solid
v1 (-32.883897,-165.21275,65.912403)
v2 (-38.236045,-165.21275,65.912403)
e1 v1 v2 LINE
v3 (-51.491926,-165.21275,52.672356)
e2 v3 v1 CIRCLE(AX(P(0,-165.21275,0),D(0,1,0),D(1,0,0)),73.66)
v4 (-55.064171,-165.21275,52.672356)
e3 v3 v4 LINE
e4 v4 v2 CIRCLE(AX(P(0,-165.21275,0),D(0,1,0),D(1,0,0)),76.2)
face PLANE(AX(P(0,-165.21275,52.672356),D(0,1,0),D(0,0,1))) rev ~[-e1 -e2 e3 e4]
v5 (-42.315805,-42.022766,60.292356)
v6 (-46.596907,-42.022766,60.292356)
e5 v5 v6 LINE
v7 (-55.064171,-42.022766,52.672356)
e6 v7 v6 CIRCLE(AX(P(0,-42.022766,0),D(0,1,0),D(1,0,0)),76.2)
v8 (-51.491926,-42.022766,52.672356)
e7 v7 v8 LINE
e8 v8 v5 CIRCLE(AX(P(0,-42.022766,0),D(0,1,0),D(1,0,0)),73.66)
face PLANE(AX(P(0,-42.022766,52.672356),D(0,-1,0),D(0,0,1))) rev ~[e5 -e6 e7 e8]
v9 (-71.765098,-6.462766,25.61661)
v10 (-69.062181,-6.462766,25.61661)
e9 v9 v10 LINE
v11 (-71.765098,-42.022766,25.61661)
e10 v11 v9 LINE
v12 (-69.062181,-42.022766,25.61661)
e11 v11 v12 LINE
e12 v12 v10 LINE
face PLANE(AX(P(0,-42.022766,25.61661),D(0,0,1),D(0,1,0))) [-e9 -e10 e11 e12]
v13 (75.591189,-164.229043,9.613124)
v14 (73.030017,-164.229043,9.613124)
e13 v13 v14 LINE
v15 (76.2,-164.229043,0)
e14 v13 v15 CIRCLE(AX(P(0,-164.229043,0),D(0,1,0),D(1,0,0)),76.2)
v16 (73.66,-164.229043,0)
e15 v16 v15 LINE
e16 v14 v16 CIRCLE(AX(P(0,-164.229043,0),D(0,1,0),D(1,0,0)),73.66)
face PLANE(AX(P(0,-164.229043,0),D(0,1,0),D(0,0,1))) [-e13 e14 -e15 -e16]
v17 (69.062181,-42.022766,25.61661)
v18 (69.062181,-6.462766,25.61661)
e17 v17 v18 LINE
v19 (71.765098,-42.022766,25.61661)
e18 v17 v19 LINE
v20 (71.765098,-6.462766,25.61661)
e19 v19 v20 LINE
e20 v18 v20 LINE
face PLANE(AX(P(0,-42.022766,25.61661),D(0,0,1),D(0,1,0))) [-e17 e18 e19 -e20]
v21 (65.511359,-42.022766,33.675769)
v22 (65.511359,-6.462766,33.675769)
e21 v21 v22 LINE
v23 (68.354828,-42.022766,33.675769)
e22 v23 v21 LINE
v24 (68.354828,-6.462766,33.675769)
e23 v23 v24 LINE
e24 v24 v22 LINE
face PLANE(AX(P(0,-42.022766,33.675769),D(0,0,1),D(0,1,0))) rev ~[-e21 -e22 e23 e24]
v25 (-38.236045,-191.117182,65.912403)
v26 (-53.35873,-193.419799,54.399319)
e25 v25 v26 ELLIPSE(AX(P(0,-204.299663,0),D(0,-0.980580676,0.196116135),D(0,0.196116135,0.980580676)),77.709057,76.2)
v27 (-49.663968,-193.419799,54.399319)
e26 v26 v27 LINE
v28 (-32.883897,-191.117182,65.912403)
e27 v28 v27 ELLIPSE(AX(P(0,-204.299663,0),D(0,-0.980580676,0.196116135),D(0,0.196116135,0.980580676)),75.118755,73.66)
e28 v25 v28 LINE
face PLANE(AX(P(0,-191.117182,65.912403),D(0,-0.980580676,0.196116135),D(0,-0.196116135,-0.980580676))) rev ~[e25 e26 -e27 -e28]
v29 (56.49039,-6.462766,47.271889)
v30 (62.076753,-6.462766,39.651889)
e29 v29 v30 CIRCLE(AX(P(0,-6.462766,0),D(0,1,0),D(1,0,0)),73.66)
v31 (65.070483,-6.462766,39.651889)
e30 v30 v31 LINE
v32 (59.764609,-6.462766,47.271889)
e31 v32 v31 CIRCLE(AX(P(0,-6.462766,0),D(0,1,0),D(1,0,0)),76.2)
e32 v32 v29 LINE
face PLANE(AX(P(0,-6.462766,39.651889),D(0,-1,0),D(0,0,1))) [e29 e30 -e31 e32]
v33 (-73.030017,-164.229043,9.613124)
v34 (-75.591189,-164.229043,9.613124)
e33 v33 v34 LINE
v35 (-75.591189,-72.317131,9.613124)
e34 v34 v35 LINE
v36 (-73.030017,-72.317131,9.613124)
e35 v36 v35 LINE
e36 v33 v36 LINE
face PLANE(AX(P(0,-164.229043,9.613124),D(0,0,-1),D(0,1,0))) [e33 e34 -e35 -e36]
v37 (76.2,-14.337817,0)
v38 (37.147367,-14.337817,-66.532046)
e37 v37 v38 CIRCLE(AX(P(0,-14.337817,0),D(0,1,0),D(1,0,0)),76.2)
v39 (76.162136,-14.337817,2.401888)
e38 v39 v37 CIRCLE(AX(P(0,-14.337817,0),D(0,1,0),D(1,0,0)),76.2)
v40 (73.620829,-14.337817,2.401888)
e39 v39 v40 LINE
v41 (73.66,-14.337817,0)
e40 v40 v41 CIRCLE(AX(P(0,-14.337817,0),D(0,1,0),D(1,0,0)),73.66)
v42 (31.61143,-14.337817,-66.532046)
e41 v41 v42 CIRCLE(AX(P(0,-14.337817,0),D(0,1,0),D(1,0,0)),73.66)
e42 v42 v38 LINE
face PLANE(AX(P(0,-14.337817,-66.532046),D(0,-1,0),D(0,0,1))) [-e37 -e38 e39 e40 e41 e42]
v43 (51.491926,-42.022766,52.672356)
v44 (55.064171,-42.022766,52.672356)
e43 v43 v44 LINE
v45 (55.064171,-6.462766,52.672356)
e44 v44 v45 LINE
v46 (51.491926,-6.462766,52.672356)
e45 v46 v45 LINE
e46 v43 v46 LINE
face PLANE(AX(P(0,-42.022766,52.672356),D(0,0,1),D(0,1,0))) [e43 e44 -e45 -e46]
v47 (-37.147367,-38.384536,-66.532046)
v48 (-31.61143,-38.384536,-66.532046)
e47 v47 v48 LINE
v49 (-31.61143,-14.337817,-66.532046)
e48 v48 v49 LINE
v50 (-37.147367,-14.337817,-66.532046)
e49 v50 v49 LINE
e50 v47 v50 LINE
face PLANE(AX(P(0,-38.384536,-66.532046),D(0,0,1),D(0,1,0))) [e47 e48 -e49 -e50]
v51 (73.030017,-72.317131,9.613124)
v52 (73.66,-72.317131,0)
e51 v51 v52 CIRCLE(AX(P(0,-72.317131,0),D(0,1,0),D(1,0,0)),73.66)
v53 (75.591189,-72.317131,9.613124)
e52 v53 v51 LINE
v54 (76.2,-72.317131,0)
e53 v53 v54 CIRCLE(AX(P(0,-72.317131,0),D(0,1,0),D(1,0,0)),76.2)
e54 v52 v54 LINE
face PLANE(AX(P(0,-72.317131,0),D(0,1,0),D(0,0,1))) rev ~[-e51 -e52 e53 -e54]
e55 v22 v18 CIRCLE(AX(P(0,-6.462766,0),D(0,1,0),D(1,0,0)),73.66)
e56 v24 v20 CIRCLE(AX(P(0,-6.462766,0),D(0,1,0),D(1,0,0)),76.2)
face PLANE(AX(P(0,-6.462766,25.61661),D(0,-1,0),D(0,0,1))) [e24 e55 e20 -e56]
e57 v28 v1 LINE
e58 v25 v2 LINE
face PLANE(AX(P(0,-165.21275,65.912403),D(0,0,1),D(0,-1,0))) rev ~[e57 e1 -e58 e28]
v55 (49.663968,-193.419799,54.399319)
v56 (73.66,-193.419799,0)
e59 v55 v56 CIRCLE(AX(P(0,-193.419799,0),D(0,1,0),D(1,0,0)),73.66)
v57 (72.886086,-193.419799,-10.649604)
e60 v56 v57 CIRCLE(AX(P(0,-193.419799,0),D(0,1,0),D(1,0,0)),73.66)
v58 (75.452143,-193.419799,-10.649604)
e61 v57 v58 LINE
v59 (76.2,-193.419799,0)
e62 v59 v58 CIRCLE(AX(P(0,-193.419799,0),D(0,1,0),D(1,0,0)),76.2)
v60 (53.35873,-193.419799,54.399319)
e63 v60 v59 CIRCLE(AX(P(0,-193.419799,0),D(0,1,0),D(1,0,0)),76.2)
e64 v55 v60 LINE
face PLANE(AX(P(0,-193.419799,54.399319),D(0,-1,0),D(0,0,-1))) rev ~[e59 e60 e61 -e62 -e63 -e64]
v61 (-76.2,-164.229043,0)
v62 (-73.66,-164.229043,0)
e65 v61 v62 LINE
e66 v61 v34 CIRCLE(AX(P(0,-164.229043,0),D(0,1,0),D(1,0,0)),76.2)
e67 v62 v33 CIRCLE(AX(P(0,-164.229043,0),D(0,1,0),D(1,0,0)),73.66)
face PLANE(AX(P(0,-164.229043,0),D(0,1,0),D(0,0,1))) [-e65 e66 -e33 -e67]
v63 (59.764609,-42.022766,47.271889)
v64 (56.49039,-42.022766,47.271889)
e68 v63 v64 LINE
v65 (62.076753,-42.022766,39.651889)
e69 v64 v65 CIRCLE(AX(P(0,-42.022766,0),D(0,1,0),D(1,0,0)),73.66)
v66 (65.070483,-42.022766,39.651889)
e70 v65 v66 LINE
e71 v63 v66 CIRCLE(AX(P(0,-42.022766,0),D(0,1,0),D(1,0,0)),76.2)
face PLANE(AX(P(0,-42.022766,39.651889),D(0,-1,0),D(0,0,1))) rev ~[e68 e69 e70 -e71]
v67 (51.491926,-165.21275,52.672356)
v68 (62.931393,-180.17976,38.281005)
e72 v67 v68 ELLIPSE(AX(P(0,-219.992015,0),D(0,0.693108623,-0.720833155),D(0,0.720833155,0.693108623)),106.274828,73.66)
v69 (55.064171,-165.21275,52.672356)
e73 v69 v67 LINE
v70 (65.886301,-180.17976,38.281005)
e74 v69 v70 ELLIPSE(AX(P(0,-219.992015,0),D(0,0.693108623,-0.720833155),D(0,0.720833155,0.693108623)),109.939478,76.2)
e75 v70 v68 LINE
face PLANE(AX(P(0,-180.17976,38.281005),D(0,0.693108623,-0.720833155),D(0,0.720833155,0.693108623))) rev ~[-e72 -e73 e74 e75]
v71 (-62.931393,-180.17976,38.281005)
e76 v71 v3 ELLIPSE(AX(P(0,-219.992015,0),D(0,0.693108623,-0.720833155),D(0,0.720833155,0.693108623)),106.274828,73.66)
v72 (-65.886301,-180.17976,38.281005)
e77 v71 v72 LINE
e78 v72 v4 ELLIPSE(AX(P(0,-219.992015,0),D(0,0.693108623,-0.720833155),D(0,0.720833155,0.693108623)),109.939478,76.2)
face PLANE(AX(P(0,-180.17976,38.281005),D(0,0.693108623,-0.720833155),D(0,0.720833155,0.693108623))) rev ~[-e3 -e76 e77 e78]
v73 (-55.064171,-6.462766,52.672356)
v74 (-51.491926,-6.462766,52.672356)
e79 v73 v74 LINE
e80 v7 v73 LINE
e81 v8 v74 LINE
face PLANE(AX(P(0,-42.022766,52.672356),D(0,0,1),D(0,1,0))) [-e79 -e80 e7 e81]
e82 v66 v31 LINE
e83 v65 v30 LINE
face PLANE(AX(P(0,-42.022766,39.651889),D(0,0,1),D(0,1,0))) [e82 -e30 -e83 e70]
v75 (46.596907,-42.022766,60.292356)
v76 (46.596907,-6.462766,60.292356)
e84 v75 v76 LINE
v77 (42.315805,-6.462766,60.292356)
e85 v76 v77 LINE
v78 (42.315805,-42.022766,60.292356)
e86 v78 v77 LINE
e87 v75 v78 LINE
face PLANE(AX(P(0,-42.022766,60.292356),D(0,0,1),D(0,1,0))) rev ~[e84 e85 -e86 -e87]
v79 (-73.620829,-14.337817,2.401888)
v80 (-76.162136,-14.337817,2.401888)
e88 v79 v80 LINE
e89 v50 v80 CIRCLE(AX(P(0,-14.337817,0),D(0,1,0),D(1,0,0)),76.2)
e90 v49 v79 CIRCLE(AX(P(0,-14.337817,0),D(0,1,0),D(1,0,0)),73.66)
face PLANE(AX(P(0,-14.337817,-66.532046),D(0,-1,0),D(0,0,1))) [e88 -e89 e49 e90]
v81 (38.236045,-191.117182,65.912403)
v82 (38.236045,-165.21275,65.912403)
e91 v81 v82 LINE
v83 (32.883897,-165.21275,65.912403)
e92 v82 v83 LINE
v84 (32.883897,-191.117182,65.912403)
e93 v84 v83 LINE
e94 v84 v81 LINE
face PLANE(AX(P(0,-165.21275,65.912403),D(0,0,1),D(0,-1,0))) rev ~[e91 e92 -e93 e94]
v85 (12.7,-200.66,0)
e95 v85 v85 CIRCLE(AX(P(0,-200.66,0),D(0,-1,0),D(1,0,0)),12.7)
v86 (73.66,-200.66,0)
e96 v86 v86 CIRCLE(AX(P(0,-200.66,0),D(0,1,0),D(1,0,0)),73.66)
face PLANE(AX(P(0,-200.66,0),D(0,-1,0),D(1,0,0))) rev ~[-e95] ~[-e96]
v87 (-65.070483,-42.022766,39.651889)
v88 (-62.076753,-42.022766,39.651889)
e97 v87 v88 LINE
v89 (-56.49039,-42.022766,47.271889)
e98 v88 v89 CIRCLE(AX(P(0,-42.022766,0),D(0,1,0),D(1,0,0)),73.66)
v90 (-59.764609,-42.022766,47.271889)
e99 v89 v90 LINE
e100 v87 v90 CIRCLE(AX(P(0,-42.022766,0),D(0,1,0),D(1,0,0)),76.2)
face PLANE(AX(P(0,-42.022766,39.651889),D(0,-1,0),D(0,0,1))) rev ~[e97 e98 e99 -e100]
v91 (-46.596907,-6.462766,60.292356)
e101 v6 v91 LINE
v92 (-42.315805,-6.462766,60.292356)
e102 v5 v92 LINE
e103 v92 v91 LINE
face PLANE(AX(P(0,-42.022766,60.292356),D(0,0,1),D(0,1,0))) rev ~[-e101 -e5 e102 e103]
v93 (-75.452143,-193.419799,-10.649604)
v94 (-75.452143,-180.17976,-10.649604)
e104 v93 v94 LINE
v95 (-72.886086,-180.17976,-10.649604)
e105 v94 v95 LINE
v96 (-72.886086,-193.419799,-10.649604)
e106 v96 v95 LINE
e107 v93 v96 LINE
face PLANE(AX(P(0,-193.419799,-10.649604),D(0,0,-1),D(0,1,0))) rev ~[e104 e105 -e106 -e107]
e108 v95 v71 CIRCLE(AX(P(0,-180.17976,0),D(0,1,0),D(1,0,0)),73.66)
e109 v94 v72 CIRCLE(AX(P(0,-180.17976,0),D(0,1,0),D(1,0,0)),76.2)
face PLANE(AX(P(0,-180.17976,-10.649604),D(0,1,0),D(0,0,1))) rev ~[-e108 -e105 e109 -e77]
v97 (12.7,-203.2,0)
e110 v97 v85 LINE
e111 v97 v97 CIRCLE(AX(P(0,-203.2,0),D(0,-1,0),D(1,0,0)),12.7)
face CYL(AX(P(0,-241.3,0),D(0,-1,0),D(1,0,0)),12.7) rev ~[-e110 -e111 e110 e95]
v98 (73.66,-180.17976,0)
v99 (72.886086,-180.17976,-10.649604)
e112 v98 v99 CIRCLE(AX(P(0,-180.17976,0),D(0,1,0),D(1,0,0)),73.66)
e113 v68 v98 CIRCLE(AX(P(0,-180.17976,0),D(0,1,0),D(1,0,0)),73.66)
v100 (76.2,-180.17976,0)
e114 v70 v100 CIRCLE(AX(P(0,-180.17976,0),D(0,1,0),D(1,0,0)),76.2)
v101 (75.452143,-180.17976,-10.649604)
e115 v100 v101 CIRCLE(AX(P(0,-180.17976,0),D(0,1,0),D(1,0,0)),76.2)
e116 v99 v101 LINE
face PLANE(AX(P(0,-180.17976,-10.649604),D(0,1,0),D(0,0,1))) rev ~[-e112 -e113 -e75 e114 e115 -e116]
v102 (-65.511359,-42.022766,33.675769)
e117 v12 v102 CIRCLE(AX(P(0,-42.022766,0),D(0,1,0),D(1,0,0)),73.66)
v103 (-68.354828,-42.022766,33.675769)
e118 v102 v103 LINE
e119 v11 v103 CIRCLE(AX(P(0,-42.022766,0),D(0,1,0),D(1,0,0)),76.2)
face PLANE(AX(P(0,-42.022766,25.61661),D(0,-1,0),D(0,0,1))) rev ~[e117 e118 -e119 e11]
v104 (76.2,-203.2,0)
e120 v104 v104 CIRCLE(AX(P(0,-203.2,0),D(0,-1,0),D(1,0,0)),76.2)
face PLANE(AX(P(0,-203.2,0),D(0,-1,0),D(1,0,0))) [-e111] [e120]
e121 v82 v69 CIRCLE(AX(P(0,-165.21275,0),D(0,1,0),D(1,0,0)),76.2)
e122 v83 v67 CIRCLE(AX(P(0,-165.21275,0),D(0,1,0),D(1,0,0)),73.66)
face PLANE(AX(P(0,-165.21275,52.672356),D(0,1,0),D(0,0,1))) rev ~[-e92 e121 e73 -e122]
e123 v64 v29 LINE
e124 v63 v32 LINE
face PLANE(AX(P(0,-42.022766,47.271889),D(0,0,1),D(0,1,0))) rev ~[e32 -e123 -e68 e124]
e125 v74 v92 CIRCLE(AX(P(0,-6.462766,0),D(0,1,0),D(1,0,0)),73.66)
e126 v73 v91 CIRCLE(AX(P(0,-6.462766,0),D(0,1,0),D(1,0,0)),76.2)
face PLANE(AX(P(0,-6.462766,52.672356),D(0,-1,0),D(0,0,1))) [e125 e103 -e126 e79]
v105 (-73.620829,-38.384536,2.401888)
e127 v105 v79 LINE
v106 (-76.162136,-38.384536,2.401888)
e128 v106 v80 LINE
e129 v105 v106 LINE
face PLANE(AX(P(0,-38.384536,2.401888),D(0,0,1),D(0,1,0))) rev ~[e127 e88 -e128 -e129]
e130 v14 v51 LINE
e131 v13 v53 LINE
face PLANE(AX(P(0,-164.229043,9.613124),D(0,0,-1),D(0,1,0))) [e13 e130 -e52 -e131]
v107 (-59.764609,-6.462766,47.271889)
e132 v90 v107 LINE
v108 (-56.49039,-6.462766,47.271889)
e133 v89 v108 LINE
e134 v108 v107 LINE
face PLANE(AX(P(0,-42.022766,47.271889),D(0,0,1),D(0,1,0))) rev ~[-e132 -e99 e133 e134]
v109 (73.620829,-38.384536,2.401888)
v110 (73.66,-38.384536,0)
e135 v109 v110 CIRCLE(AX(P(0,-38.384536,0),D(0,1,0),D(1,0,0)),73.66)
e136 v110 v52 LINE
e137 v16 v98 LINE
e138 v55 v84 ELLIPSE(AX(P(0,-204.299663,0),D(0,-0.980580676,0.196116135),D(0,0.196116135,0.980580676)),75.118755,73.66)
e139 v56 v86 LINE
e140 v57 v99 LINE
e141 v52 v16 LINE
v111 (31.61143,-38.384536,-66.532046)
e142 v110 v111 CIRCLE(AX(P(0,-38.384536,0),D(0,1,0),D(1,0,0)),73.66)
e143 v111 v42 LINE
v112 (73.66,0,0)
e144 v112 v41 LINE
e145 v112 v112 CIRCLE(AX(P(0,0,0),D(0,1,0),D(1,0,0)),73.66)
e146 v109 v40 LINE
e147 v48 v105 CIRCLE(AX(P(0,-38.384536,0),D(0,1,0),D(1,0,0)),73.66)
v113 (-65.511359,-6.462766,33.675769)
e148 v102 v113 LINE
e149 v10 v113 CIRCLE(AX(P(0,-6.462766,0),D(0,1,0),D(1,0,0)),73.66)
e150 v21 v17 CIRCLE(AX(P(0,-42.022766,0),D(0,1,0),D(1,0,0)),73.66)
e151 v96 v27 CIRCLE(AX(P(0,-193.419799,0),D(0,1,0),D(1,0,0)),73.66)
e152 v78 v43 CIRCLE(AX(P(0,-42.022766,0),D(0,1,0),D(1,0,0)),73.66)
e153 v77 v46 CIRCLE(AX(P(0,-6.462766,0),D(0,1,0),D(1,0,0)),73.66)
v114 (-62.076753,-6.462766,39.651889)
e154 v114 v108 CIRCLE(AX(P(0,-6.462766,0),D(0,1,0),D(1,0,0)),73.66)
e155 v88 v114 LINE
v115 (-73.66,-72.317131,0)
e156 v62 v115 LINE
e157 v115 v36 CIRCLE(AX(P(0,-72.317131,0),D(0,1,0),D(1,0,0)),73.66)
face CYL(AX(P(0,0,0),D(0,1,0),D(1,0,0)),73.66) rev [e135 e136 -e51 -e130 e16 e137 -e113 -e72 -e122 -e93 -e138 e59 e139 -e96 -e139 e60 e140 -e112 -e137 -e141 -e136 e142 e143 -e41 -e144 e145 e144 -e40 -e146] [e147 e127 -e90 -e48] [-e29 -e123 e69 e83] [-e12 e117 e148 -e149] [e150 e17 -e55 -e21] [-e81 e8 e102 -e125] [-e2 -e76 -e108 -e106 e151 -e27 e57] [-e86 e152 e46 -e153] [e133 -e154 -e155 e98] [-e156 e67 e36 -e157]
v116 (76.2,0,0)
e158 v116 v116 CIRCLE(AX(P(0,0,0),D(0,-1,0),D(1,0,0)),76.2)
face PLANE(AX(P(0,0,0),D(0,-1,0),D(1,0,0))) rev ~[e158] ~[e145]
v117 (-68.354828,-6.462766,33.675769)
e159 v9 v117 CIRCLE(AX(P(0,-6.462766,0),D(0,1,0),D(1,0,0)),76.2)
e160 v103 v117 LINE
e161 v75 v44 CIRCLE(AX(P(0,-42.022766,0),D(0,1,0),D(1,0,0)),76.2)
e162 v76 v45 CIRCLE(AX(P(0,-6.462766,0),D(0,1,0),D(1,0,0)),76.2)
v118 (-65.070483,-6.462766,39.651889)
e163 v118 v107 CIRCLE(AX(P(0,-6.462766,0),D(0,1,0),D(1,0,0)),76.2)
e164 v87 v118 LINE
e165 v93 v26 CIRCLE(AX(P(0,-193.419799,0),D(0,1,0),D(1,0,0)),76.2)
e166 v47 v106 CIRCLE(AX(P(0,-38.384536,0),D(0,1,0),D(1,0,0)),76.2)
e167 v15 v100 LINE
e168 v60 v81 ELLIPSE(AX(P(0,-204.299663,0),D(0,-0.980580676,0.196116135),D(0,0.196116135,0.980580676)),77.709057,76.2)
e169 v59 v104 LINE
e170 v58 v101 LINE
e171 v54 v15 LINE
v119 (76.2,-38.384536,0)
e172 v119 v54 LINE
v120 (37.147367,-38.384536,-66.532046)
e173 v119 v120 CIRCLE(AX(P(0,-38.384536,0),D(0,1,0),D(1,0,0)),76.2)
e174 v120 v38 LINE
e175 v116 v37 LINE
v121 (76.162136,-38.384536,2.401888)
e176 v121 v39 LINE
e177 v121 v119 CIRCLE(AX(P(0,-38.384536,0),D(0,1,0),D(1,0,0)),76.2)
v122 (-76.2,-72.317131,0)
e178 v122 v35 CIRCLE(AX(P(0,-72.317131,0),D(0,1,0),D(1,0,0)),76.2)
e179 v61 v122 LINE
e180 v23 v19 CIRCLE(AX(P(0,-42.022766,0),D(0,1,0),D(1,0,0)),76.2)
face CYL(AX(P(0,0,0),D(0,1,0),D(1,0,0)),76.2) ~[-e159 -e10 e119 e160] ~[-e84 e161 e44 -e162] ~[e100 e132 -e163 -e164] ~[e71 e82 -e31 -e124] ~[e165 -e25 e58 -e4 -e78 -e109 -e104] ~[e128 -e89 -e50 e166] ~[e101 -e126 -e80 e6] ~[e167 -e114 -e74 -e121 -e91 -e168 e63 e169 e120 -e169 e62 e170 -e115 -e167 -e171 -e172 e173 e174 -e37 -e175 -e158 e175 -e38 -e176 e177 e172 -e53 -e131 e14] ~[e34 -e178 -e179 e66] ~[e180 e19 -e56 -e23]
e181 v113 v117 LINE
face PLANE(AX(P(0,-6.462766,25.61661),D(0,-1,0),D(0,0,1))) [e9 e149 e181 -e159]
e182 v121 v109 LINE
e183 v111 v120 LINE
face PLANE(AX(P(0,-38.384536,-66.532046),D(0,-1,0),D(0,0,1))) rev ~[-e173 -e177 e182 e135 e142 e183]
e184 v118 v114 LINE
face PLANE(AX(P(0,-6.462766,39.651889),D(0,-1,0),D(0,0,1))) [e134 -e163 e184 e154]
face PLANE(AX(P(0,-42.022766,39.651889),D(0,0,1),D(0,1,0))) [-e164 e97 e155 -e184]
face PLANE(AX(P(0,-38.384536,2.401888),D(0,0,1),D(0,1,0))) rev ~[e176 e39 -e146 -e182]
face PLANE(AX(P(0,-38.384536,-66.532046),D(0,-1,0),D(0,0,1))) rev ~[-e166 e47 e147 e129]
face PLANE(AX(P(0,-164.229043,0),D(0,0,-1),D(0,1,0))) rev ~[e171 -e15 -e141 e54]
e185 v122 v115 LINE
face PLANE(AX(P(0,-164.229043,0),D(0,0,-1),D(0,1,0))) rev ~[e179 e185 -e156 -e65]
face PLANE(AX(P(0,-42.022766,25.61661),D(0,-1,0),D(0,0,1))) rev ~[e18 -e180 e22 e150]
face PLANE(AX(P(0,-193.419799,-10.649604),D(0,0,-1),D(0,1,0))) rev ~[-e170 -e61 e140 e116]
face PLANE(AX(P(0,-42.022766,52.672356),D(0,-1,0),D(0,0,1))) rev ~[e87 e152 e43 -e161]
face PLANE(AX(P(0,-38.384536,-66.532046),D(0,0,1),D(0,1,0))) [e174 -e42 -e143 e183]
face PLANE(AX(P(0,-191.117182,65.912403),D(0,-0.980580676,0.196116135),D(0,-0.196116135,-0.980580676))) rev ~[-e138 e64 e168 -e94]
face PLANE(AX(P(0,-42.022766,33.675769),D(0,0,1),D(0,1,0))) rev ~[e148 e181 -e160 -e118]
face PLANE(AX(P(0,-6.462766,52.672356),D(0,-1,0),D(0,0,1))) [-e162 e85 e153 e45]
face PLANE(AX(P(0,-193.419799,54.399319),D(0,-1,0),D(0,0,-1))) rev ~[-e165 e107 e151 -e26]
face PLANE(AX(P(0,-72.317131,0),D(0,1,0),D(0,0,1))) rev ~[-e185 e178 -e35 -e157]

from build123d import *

# Parameters (mm, degrees)
F0_R      = 76.2
F1_DEPTH  = 203.2
F2_R      = 12.7
F3_DEPTH  = 38.1
F4_T      = -2.54
F5_W      = 35.56
F5_H      = 7.62
F5_H_2    = 8.0591589212
F6_DEPTH  = 88.9
F7_R      = 12.7
F8_DEPTH  = 241.301
F9_W      = 24.0467190742
F9_H      = 68.9339339733
F9_W_2    = 91.9119119644
F9_H_2    = 9.6131237224
F10_DEPTH = 127


with BuildPart() as f1:
    # F0 (on Front) → F1 (new body)
    with BuildSketch(Plane.XZ):
        Circle(F0_R)
    extrude(amount=F1_DEPTH)

    # F2 (on face) → F3 (join)
    with BuildSketch(Plane.XZ.offset(203.2)):
        Circle(F2_R)
    extrude(amount=F3_DEPTH)

    # F4
    f4_openings = [f1.faces().sort_by_distance(p)[0] for p in [
        (0, 0, 0),
    ]]
    offset(amount=F4_T, openings=f4_openings, kind=Kind.INTERSECTION)

    # F5 (on Right) → F6 (cut, symmetric)
    with BuildSketch(Plane.YZ):
        with Locations((-24.2427656141, 56.4823563671)):
            Rectangle(F5_W, F5_H)
        with Locations((-24.2427656141, 43.4618890285)):
            Rectangle(F5_W, F5_H)
        with Locations((-24.2427656141, 29.6461898834)):
            Rectangle(F5_W, F5_H_2)
        Polygon((-165.2127504349, 65.9124031663), (-191.117182374, 65.9124031663), (-193.4197992086, 54.3993189931), (-193.4197992086, -10.6496037915), (-180.17975986, -10.6496037915), (-180.17975986, 38.2810048759), (-165.2127504349, 52.6723563671), align=None)
    extrude(amount=F6_DEPTH, both=True, mode=Mode.SUBTRACT)

    # F7 (on face) → F8 (cut, through all)
    with BuildSketch(Plane.XZ.offset(241.3)):
        Circle(F7_R)
    extrude(amount=-F8_DEPTH, mode=Mode.SUBTRACT)

    # F9 (on Right) → F10 (cut, symmetric)
    with BuildSketch(Plane.YZ):
        with Locations((-26.3611767441, -32.0650786161)):
            Rectangle(F9_W, F9_H)
        with Locations((-118.2730868459, 4.8065618612)):
            Rectangle(F9_W_2, F9_H_2)
    extrude(amount=F10_DEPTH, both=True, mode=Mode.SUBTRACT)


solid = f1.part
